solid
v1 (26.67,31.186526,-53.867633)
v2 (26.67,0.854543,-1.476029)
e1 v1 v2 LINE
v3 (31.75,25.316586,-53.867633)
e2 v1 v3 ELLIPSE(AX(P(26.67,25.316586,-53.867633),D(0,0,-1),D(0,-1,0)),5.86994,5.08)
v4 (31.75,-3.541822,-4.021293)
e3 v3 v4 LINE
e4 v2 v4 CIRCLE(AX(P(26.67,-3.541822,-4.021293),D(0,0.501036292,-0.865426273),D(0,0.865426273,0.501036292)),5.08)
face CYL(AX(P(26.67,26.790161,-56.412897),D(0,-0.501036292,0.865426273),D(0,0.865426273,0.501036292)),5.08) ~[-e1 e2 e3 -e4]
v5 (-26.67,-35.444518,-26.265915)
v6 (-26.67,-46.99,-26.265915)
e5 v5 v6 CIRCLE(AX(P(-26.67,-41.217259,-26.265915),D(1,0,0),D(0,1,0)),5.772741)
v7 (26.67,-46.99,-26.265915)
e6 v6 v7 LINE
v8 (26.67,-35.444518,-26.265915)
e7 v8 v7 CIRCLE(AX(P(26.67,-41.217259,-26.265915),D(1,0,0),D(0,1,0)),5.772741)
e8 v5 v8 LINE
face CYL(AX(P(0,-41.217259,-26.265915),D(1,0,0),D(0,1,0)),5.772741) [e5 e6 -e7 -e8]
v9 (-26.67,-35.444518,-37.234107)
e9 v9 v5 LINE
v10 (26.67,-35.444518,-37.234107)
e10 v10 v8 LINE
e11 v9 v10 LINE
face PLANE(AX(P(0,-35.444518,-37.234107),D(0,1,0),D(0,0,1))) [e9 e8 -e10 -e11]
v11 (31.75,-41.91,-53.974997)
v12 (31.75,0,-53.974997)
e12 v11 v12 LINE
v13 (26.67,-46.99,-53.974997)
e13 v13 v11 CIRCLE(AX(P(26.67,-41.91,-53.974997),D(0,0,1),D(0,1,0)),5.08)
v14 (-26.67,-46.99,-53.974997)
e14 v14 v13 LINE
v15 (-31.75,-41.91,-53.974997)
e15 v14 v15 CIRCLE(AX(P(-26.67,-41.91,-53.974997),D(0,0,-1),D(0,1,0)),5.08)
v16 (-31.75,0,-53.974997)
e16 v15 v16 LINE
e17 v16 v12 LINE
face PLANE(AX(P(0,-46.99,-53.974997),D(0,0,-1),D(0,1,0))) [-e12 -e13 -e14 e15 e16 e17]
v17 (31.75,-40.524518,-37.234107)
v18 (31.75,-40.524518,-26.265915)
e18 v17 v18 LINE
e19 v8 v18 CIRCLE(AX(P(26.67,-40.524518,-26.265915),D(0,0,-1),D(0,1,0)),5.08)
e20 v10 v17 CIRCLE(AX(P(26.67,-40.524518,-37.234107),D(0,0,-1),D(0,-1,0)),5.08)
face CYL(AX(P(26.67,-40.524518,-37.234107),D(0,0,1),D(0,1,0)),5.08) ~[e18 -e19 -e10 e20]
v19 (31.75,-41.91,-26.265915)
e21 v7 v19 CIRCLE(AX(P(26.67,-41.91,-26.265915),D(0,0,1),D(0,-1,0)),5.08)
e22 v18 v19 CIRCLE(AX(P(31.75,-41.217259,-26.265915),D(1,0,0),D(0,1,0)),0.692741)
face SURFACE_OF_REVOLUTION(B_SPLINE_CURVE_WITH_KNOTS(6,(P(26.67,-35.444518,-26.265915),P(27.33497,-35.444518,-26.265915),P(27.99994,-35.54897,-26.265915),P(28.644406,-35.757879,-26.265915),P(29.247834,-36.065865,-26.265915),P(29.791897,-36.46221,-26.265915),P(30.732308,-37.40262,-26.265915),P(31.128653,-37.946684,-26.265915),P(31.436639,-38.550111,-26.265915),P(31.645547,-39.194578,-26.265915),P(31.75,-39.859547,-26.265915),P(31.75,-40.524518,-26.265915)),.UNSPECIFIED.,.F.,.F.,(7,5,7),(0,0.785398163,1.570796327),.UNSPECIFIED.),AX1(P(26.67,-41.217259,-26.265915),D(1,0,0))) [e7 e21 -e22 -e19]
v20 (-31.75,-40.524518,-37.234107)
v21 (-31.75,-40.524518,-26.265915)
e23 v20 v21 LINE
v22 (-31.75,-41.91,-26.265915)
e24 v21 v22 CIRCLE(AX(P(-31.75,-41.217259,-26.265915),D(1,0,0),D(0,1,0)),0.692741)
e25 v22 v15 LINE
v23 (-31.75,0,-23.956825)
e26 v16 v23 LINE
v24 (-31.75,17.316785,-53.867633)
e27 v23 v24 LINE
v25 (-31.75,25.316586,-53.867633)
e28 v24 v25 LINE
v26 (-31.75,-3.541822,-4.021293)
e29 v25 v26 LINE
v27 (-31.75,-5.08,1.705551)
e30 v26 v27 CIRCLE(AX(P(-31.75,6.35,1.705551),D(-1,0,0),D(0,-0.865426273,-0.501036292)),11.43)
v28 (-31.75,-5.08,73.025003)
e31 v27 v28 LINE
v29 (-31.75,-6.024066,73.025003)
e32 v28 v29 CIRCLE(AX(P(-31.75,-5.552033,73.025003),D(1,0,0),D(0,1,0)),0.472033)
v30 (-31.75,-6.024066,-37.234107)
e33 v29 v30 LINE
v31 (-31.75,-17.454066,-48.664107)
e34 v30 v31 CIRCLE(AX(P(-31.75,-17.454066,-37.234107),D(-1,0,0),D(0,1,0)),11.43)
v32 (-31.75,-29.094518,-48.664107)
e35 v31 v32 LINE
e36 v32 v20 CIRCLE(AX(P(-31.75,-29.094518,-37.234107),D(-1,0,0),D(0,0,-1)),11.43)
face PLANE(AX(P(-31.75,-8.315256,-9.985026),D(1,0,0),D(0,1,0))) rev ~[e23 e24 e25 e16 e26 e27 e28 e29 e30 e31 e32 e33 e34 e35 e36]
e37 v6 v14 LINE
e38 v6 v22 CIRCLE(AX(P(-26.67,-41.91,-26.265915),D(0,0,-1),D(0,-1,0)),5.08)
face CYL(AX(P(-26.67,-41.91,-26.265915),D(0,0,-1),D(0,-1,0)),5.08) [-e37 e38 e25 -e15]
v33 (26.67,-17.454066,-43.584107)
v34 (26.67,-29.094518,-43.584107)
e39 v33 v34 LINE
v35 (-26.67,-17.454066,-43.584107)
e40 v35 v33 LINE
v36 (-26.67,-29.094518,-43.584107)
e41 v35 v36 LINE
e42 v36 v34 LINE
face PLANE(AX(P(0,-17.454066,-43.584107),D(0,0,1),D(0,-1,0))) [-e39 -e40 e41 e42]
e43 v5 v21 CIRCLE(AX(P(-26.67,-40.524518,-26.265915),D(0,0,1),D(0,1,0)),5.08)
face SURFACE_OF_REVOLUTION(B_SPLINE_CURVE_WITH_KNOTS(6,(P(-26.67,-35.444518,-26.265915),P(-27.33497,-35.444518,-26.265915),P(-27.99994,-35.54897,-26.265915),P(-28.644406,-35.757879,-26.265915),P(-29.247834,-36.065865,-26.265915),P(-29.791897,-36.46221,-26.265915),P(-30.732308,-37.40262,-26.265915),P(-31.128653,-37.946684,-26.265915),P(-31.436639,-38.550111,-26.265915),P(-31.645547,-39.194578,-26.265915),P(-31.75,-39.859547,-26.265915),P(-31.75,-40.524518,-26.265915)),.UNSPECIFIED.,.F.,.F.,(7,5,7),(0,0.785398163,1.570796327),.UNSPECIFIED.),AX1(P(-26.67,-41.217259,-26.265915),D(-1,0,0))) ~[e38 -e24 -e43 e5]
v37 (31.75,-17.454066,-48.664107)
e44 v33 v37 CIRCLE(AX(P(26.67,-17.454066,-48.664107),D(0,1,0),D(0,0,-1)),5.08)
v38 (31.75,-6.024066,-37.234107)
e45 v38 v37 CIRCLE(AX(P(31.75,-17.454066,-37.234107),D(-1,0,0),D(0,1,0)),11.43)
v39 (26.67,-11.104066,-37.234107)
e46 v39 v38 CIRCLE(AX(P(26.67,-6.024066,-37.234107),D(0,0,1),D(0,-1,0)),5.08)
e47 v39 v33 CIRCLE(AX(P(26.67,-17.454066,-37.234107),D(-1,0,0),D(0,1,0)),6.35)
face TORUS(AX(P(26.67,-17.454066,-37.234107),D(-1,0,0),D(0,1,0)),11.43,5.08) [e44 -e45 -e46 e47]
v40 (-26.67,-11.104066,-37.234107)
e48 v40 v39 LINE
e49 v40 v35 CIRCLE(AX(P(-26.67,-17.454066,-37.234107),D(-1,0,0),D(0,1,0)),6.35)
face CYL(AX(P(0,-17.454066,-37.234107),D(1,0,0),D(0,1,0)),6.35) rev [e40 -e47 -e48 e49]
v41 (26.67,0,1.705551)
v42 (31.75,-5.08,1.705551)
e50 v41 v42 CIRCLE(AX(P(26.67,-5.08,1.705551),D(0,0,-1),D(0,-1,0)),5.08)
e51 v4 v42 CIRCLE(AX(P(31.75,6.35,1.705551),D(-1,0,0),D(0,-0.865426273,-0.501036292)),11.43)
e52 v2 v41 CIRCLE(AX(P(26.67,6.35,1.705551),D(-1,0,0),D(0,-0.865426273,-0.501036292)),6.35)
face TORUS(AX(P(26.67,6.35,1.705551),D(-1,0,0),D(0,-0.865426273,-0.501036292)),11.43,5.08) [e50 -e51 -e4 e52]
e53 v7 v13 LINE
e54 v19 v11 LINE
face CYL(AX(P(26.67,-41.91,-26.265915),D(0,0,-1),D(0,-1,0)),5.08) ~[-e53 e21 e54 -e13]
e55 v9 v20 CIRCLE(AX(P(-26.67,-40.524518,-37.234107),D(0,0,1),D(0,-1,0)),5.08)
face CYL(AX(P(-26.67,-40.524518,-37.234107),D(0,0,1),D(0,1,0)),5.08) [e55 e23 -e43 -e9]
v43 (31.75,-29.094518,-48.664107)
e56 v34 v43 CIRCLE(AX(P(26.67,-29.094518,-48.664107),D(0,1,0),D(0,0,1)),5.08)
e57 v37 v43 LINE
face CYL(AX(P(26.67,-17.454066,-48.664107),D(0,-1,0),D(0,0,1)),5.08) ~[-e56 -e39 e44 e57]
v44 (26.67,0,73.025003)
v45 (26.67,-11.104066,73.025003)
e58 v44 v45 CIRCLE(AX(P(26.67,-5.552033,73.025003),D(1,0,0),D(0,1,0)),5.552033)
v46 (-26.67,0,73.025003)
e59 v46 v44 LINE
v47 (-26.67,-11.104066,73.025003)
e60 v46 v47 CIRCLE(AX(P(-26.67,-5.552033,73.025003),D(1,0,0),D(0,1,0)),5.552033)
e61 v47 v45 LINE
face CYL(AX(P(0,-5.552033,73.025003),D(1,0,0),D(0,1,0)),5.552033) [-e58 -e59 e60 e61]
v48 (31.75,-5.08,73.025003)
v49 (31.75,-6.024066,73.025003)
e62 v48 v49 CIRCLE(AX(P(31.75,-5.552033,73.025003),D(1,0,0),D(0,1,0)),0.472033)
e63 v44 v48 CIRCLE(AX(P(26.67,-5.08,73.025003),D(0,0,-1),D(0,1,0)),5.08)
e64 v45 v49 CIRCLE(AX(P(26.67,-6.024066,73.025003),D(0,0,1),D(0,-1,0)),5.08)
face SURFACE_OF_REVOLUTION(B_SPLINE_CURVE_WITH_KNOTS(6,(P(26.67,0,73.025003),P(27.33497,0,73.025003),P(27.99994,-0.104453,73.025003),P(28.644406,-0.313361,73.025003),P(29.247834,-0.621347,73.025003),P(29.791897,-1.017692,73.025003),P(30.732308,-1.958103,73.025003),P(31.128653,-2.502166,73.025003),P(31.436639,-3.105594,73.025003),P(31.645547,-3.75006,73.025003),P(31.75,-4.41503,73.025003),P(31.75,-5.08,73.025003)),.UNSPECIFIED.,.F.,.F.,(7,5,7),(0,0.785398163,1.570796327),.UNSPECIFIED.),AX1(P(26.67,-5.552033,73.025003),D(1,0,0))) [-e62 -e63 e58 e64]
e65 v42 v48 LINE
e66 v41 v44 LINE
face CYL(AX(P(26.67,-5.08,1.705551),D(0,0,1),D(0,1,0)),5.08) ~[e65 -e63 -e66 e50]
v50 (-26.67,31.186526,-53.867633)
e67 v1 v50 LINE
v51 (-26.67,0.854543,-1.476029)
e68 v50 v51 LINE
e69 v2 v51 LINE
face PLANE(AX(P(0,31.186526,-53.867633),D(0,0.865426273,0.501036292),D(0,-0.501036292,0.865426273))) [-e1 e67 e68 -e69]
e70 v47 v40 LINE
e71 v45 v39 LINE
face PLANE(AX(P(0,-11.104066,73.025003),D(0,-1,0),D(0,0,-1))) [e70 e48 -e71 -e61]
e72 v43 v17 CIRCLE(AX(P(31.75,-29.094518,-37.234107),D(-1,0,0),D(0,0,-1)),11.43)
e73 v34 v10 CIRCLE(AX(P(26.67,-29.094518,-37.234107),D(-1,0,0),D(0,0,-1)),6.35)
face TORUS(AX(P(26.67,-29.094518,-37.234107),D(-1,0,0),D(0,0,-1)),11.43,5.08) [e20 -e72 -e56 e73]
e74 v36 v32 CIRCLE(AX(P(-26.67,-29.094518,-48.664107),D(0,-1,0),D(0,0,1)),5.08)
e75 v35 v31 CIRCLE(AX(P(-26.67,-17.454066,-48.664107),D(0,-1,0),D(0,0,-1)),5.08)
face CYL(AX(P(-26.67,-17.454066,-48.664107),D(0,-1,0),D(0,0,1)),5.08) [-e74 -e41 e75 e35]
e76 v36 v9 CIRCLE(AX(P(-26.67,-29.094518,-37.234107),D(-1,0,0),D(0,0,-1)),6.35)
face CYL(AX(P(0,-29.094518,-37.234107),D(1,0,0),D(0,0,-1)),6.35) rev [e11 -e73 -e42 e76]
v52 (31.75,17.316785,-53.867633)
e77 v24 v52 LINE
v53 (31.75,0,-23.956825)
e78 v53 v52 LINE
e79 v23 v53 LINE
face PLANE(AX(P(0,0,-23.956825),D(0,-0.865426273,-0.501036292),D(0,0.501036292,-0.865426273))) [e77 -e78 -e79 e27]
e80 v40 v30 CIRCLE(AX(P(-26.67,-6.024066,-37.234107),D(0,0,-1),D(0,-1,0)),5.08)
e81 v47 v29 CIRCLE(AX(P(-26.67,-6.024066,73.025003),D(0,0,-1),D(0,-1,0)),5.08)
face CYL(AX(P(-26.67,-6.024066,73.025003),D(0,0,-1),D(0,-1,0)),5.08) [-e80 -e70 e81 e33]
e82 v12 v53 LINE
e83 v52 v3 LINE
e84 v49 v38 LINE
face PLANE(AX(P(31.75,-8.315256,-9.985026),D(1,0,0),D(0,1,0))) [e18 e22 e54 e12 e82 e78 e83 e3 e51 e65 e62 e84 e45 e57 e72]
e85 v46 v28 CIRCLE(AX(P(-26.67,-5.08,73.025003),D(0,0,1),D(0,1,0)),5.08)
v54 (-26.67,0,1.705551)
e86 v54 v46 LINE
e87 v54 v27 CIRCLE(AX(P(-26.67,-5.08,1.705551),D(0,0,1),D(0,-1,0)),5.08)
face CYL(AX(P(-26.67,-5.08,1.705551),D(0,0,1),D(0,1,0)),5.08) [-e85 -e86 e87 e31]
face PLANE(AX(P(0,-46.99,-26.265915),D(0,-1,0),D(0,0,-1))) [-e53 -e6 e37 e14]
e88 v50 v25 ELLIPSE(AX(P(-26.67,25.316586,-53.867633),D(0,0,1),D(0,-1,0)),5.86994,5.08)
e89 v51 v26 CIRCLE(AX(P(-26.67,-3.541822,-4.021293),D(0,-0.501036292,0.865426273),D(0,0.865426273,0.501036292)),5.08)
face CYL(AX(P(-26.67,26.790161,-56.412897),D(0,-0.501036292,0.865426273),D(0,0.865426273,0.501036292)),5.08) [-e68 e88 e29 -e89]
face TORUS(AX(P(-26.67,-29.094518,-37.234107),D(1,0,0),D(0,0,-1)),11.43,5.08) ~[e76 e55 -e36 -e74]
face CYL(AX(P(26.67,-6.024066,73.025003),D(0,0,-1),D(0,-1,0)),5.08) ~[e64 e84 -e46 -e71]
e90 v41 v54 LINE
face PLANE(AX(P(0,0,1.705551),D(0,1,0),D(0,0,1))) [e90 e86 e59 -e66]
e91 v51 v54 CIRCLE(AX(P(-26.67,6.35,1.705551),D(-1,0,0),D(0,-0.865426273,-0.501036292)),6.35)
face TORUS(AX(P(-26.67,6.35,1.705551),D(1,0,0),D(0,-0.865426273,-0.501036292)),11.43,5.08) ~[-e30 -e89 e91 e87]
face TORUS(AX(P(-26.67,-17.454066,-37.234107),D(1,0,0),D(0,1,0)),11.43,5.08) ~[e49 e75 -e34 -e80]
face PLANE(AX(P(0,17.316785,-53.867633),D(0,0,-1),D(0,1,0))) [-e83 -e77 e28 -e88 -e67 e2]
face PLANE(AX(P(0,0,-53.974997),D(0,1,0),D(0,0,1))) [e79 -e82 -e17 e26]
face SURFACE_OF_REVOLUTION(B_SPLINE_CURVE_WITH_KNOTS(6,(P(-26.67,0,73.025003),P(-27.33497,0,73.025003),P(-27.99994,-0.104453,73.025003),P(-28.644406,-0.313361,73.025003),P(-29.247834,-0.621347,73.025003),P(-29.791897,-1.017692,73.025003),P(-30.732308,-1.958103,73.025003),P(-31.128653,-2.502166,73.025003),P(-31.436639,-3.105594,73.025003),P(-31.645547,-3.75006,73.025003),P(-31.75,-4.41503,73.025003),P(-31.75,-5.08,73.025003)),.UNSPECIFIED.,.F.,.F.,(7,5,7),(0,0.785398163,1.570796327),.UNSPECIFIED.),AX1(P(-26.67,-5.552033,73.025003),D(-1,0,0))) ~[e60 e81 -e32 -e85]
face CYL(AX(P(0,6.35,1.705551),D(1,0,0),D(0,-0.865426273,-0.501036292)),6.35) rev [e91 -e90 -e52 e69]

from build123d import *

# Parameters (mm, degrees)
F1_DEPTH = 31.75
F2_R     = 5.08


with BuildPart() as f1:
    # F0 (on Right) → F1 (new body, symmetric)
    with BuildSketch(Plane.YZ):
        with BuildLine():
            Line((0, 1.7055514147), (0, 73.0250034345))
            ThreePointArc((0, 73.0250034345), (-5.5520331692, 78.5770366037), (-11.1040663383, 73.0250034345))
            Line((-11.1040663383, 73.0250034345), (-11.1040663383, -37.2341068615))
            ThreePointArc((-11.1040663383, -37.2341068615), (-12.9639382553, -41.7242348678), (-17.4540662616, -43.5841067848))
            Line((-17.4540662616, -43.5841067848), (-29.0945176708, -43.5841067848))
            ThreePointArc((-29.0945176708, -43.5841067848), (-33.5846456771, -41.7242348678), (-35.4445175941, -37.2341068615))
            Line((-35.4445175941, -37.2341068615), (-35.4445175941, -26.2659148792))
            ThreePointArc((-35.4445175941, -26.2659148792), (-41.217258797, -20.4931736762), (-46.99, -26.2659148792))
            Line((-46.99, -26.2659148792), (-46.99, -53.9749965655))
            Line((-46.99, -53.9749965655), (0, -53.9749965655))
            Line((0, -53.9749965655), (0, -23.9568247386))
            Line((0, -23.9568247386), (17.3167846922, -53.867632915))
            Line((17.3167846922, -53.867632915), (31.1865261403, -53.867632915))
            Line((31.1865261403, -53.867632915), (0.8545431574, -1.4760290039))
            ThreePointArc((0.8545431574, -1.4760290039), (0.2173557518, 0.0583797503), (0, 1.7055514147))
        make_face()
    extrude(amount=F1_DEPTH, both=True)

    # F2
    f2_edges = [f1.edges().sort_by_distance(p)[0] for p in [
        (31.75, -11.104066, 17.895448),
        (-31.75, -11.104066, 17.895448),
    ]]
    fillet(f2_edges, radius=F2_R)


solid = f1.part
